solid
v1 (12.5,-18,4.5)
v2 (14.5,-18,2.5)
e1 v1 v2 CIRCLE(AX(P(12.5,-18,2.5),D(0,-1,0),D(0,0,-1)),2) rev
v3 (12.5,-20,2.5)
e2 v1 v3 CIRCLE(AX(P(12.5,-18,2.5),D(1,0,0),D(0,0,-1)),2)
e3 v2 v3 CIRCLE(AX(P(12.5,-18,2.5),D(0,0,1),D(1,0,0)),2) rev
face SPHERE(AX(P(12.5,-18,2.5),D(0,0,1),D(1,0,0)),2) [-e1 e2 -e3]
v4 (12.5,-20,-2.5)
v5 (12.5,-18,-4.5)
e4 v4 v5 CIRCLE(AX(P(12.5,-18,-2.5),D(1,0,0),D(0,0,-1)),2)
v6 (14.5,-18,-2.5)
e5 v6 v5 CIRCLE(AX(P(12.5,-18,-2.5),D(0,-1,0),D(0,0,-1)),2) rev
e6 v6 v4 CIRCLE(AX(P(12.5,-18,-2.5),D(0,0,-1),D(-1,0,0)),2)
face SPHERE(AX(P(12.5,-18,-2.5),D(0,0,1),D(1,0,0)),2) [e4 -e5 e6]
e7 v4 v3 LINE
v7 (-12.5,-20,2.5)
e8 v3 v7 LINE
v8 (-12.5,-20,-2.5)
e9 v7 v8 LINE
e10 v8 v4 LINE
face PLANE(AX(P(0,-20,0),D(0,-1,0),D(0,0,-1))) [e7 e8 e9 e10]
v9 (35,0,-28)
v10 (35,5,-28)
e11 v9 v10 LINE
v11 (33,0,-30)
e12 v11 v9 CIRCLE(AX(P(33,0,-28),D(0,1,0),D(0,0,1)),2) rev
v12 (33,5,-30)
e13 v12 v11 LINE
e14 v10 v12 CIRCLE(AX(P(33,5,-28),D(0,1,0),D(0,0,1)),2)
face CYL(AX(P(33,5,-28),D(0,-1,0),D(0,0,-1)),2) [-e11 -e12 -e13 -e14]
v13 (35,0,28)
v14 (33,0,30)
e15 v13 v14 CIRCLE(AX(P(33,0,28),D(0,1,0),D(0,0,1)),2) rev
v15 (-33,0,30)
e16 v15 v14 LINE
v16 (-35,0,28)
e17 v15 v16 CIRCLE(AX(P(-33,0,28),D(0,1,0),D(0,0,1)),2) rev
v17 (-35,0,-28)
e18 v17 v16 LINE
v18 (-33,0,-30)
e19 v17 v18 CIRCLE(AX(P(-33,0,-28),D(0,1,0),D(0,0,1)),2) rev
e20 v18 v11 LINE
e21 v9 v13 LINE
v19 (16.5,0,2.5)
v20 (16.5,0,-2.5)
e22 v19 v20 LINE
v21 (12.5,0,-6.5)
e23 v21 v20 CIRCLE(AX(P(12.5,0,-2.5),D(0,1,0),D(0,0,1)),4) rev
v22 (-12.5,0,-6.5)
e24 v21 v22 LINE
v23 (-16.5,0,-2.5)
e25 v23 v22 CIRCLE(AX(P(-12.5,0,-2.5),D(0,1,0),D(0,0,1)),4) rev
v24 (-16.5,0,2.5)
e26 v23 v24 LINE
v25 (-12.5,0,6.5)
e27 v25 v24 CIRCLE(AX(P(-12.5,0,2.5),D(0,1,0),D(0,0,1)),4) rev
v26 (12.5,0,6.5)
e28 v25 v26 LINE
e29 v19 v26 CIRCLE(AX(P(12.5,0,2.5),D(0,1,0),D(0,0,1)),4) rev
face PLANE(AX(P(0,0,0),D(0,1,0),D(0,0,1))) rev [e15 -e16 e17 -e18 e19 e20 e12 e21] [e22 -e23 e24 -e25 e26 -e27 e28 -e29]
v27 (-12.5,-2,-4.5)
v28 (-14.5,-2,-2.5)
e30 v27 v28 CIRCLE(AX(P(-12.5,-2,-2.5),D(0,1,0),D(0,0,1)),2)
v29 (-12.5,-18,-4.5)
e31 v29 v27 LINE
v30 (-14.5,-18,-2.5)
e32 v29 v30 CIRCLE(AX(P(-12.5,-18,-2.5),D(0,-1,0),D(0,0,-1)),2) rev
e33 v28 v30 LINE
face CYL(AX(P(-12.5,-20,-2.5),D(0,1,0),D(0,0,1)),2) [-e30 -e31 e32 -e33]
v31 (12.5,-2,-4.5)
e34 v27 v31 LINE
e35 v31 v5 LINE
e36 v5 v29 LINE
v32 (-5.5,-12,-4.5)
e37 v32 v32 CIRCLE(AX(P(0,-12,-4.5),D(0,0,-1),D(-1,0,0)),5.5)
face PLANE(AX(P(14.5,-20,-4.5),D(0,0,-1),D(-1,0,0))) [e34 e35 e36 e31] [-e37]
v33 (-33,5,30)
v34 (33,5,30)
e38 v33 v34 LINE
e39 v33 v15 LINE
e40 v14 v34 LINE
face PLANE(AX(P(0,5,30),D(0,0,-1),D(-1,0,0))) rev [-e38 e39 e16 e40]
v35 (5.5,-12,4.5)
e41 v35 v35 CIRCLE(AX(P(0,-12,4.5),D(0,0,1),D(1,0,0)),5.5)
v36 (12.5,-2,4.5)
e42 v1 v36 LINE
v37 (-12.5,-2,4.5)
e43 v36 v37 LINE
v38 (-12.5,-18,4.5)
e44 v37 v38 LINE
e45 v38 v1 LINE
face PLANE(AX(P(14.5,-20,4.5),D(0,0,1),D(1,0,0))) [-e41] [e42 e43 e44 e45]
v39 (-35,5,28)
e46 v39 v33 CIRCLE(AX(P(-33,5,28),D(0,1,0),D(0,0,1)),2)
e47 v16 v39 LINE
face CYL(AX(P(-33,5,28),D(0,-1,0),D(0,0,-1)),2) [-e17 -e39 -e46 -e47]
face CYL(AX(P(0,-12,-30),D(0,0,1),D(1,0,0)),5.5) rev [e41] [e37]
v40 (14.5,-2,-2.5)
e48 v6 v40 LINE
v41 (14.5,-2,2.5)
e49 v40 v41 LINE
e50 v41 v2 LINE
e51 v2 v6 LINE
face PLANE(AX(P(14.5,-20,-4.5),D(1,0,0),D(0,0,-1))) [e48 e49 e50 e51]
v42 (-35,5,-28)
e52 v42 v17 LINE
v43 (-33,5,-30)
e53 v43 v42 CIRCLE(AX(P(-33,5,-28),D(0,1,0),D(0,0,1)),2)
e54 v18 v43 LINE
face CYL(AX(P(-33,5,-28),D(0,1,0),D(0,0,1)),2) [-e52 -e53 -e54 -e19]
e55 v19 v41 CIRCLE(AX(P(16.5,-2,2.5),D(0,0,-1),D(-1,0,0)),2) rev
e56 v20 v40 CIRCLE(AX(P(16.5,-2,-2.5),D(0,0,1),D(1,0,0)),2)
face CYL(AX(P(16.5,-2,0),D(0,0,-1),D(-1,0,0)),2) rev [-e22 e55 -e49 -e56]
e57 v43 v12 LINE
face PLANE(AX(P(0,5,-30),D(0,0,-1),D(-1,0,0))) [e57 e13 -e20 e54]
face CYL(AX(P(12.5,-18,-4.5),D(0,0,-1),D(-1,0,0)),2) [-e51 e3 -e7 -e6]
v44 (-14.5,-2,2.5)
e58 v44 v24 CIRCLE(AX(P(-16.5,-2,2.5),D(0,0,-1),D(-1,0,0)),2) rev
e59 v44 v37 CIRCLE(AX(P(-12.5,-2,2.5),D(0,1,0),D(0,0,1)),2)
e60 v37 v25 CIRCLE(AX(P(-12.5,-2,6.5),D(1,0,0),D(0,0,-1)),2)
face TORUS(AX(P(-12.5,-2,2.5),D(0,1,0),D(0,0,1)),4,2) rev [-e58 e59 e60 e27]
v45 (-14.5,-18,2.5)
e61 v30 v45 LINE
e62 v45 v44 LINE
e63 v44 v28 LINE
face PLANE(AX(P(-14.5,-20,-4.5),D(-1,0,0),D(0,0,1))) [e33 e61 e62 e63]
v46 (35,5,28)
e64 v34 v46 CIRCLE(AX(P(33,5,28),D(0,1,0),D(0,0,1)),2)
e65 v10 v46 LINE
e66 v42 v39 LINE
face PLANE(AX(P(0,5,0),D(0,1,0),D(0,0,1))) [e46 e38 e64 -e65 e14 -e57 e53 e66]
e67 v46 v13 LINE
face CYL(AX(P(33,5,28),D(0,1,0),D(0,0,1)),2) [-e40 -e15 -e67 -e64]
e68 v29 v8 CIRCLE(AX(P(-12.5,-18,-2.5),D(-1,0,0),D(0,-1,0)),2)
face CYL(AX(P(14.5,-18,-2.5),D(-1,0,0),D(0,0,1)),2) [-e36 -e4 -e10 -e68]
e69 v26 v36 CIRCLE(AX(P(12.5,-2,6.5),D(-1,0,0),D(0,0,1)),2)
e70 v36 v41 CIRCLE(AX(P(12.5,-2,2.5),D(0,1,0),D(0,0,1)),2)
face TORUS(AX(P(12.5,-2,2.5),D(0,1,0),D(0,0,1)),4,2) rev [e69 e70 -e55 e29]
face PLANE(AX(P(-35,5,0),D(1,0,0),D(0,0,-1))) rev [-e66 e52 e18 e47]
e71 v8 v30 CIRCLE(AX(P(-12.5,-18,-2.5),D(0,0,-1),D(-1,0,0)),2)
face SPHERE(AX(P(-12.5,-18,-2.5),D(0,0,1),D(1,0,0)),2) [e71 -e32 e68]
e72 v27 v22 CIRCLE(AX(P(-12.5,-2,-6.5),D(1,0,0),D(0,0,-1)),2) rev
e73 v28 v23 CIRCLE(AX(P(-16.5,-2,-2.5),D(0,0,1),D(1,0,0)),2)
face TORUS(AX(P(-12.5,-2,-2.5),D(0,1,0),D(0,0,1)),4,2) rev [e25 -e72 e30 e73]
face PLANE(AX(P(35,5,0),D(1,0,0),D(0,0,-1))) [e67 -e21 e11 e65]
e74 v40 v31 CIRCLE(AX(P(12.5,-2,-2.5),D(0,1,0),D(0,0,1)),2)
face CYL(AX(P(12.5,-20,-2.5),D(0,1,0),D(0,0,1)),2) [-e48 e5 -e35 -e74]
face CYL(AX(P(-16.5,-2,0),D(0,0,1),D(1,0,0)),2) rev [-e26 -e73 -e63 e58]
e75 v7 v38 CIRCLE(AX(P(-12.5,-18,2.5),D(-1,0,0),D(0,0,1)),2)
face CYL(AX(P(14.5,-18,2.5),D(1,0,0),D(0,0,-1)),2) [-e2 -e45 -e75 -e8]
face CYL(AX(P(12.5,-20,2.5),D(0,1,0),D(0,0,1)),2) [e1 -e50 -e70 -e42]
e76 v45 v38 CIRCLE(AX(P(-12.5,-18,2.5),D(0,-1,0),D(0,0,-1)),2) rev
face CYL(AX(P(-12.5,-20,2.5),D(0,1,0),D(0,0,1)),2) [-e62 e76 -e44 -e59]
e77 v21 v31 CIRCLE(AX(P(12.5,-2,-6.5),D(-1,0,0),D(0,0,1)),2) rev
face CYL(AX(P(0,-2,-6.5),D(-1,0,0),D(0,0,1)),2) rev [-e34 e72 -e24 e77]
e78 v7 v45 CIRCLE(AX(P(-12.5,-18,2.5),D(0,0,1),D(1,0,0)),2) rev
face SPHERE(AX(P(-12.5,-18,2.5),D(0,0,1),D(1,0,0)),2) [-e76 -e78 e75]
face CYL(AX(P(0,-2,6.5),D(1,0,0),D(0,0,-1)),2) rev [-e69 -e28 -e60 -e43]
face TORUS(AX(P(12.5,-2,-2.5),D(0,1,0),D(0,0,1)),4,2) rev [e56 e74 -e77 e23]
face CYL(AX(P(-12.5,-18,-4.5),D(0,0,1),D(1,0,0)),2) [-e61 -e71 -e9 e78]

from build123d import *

# Parameters (mm, degrees)
SKETCH1_W            = 70
SKETCH1_H            = 60
BOSS_EXTRUDE2_DEPTH  = 5
SKETCH15_W           = 29
SKETCH15_H           = 9
BOSS_EXTRUDE13_DEPTH = 20
SKETCH16_R           = 5.5
CUT_EXTRUDE3_DEPTH   = 54.058929503
FILLET1_R            = 2


with BuildPart() as part:
    # Sketch1 → Boss-Extrude2 (new body)
    with BuildSketch(Plane(origin=(0, 0, 0), x_dir=(1, 0, 0), z_dir=(0, 1, 0))):
        Rectangle(SKETCH1_W, SKETCH1_H)
    extrude(amount=BOSS_EXTRUDE2_DEPTH)

    # Sketch15 → Boss-Extrude13 (add)
    with BuildSketch(Plane(origin=(0, 0, 0), x_dir=(-1, 0, 0), z_dir=(0, 1, 0))):
        Rectangle(SKETCH15_W, SKETCH15_H)
    extrude(amount=-BOSS_EXTRUDE13_DEPTH)

    # Sketch16 → Cut-Extrude3 (cut, through all)
    with BuildSketch(Plane.XY.offset(4.5)):
        with Locations((0, -12)):
            Circle(SKETCH16_R)
    extrude(amount=-CUT_EXTRUDE3_DEPTH, mode=Mode.SUBTRACT)

    # Fillet1
    fillet1_edges = [part.edges().sort_by_distance(p)[0] for p in [
        (-14.5, -20, 0),
        (-14.5, -10, 4.5),
        (0, -20, -4.5),
        (-14.5, -10, -4.5),
        (14.5, -20, 0),
        (14.5, -10, -4.5),
        (0, -20, 4.5),
        (14.5, -10, 4.5),
        (-14.5, 0, 0),
        (0, 0, 4.5),
        (14.5, 0, 0),
        (0, 0, -4.5),
        (35, 2.5, 30),
        (-35, 2.5, 30),
        (-35, 2.5, -30),
        (35, 2.5, -30),
    ]]
    fillet(fillet1_edges, radius=FILLET1_R)


solid = part.part
